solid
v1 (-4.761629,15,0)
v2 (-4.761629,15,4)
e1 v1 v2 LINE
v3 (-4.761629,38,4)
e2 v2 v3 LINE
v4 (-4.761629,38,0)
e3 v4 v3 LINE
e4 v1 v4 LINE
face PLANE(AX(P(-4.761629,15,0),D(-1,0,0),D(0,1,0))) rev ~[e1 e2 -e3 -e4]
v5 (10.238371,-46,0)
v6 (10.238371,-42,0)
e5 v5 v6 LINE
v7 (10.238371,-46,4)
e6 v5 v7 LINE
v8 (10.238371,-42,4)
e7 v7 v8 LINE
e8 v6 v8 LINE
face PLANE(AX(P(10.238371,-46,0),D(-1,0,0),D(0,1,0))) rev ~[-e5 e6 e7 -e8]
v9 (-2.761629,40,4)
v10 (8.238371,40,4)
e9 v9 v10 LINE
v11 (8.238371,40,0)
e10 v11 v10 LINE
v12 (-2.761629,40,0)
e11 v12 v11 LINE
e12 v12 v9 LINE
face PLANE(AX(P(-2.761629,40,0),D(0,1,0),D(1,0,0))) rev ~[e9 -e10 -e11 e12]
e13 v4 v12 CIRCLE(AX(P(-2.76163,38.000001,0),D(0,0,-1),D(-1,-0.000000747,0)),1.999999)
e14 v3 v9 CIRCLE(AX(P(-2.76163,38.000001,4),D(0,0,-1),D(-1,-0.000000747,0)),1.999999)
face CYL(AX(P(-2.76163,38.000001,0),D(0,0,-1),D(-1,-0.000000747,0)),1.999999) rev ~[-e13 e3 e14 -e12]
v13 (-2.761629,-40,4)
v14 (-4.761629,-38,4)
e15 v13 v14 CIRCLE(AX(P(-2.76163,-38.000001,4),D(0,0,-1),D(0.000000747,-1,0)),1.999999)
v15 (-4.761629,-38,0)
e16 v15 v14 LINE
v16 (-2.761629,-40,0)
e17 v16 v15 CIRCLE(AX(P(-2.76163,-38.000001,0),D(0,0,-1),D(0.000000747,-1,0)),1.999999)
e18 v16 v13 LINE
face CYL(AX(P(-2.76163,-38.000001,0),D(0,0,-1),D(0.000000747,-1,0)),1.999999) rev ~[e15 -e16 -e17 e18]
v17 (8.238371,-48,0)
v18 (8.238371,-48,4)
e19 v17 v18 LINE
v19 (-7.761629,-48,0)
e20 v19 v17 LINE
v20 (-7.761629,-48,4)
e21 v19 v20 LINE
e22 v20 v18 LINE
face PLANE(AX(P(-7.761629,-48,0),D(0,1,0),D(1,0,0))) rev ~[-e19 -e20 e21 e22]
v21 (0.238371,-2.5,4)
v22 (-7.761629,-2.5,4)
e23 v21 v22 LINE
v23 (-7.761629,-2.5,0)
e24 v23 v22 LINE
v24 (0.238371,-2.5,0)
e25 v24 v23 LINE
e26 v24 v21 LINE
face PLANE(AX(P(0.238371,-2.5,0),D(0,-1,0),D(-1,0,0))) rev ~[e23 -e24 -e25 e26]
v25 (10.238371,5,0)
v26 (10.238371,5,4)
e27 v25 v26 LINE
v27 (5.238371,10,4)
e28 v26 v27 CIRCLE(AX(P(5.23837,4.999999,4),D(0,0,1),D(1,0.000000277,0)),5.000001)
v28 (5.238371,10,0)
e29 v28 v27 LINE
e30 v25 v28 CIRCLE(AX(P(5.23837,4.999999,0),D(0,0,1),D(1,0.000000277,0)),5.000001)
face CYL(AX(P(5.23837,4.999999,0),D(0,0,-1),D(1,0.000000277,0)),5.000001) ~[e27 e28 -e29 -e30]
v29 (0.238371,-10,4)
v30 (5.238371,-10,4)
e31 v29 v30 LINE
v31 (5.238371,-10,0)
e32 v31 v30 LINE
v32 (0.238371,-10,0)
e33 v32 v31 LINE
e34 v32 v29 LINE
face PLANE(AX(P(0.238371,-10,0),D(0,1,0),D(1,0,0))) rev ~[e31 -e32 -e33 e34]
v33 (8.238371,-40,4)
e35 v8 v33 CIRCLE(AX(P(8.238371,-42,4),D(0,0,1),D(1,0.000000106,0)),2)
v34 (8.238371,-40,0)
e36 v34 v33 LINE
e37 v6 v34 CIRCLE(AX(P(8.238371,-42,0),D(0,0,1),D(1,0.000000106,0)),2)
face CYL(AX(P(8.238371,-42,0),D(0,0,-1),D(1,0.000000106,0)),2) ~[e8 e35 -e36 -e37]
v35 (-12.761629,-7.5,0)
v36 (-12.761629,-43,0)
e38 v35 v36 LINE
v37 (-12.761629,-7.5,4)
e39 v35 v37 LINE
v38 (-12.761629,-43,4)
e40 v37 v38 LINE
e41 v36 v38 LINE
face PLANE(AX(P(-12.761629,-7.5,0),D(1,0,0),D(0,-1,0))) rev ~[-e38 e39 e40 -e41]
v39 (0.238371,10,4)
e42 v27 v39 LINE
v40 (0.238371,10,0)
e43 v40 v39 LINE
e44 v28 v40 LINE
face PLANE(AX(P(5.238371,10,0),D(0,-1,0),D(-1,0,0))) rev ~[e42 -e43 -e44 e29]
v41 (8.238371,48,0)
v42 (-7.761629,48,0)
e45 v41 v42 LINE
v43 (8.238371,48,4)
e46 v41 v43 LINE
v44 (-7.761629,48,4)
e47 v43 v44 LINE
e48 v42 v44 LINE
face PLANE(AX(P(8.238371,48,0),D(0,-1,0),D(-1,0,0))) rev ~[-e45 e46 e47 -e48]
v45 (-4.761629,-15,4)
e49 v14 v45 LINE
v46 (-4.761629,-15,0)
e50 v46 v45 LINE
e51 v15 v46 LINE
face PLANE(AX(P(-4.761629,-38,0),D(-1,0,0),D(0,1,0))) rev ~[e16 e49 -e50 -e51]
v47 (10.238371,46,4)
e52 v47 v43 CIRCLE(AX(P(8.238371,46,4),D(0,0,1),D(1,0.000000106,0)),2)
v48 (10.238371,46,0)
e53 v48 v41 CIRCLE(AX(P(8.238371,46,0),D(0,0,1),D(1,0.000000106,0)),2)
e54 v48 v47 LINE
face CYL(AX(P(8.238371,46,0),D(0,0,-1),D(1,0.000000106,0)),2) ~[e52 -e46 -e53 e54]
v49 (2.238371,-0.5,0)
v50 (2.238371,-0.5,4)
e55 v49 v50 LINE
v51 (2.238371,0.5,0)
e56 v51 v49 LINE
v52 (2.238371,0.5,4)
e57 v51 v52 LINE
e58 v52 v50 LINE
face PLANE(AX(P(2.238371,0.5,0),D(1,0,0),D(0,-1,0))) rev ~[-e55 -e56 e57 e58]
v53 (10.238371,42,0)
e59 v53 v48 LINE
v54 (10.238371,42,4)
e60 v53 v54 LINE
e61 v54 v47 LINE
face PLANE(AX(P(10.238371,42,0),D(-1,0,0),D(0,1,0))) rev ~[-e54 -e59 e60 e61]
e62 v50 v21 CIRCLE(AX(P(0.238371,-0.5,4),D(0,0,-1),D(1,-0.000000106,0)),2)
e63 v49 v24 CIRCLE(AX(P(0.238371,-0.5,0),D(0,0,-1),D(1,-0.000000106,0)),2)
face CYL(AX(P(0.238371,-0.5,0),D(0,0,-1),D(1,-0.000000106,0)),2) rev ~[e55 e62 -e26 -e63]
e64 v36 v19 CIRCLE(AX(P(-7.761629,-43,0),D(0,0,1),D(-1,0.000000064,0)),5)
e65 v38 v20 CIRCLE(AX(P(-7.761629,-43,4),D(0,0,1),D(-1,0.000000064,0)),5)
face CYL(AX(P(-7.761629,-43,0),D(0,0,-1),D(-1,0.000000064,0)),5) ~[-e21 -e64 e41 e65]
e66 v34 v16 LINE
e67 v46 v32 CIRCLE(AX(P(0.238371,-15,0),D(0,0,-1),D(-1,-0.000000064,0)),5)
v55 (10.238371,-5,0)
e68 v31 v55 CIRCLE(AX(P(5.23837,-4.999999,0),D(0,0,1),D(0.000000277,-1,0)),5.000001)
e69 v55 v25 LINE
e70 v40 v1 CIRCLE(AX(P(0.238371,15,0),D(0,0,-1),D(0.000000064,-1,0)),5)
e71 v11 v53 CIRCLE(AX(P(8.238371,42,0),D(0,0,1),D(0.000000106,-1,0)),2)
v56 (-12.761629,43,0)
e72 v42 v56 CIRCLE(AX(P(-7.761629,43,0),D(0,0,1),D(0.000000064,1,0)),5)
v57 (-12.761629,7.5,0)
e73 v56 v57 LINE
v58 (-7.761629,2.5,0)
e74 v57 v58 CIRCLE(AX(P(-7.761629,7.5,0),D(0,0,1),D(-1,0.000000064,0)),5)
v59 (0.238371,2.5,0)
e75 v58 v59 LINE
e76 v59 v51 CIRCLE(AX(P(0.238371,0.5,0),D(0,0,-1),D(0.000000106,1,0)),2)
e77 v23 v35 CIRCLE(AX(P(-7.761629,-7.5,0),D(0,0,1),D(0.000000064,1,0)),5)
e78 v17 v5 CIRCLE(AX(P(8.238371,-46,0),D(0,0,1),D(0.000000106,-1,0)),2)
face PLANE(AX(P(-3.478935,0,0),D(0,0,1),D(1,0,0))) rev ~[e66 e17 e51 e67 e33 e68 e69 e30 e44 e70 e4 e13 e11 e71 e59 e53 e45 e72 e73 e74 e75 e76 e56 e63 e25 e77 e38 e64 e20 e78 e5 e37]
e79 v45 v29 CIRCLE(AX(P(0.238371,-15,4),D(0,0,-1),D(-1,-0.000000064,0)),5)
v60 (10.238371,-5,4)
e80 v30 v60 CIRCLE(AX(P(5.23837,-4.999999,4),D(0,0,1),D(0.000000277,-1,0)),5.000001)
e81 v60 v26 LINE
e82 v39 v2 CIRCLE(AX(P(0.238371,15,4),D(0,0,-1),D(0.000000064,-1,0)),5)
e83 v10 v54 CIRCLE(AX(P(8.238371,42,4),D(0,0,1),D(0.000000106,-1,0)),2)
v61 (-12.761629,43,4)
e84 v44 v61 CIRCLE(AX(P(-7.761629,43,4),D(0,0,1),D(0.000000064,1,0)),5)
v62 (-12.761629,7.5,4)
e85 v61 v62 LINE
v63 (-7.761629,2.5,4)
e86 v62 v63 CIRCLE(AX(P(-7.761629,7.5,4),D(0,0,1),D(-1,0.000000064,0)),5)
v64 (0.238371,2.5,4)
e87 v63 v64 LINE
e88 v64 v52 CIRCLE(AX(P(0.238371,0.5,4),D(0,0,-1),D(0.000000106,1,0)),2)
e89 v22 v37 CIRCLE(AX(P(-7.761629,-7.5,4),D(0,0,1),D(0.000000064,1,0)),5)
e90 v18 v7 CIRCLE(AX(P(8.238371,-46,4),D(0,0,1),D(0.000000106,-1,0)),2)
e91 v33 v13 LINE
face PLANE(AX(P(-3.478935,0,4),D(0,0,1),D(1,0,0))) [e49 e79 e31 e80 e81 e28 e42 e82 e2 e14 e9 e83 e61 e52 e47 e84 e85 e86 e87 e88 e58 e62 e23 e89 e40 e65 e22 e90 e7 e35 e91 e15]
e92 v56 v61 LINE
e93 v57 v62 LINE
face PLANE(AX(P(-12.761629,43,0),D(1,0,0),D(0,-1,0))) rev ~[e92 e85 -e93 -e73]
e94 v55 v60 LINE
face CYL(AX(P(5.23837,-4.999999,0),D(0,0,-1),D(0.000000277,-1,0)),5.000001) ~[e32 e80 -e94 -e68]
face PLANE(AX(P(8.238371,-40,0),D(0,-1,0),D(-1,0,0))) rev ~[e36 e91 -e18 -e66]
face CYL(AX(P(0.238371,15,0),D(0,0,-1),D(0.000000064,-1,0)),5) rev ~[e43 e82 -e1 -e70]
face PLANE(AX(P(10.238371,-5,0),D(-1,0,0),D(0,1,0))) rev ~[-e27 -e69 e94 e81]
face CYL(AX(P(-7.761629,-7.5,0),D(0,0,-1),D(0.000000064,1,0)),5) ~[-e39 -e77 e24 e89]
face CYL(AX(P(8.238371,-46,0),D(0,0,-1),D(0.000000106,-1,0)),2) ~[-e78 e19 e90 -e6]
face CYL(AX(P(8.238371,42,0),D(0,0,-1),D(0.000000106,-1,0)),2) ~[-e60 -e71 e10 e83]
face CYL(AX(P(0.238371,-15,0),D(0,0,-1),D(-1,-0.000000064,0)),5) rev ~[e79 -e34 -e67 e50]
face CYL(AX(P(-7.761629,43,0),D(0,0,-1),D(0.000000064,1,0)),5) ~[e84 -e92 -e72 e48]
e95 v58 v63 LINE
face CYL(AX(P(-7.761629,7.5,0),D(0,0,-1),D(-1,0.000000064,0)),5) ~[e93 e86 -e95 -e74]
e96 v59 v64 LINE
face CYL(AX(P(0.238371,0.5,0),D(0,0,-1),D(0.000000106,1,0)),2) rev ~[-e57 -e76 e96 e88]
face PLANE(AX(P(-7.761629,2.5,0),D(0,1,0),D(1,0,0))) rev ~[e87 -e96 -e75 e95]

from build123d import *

# Parameters (mm, degrees)
F1_DEPTH = 4


with BuildPart() as f1:
    # F0 (on Top) → F1 (new body)
    with BuildSketch(Plane.XY):
        with BuildLine():
            ThreePointArc((10.238371, 46), (9.652584, 47.414214), (8.238371, 48))
            Line((8.238371, 48), (-7.761629, 48))
            ThreePointArc((-7.761629, 48), (-11.297163, 46.535534), (-12.761629, 43))
            Line((-12.761629, 43), (-12.761629, 7.5))
            ThreePointArc((-12.761629, 7.5), (-11.297163, 3.964466), (-7.761629, 2.5))
            Line((-7.761629, 2.5), (0.238371, 2.5))
            ThreePointArc((0.238371, 2.5), (1.652584, 1.914214), (2.238371, 0.5))
            Line((2.238371, 0.5), (2.238371, -0.5))
            ThreePointArc((2.238371, -0.5), (1.652584, -1.914214), (0.238371, -2.5))
            Line((0.238371, -2.5), (-7.761629, -2.5))
            ThreePointArc((-7.761629, -2.5), (-11.297163, -3.964466), (-12.761629, -7.5))
            Line((-12.761629, -7.5), (-12.761629, -43))
            ThreePointArc((-12.761629, -43), (-11.297163, -46.535534), (-7.761629, -48))
            Line((-7.761629, -48), (8.238371, -48))
            ThreePointArc((8.238371, -48), (9.652584, -47.414214), (10.238371, -46))
            Line((10.238371, -46), (10.238371, -42))
            ThreePointArc((10.238371, -42), (9.652584, -40.585786), (8.238371, -40))
            Line((8.238371, -40), (-2.761629, -40))
            ThreePointArc((-2.761629, -40), (-4.175843, -39.414214), (-4.761629, -38))
            Line((-4.761629, -38), (-4.761629, -15))
            ThreePointArc((-4.761629, -15), (-3.297163, -11.464466), (0.238371, -10))
            Line((0.238371, -10), (5.238371, -10))
            ThreePointArc((5.238371, -10), (8.773904, -8.535534), (10.238371, -5))
            Line((10.238371, -5), (10.238371, 5))
            ThreePointArc((10.238371, 5), (8.773904, 8.535534), (5.238371, 10))
            Line((5.238371, 10), (0.238371, 10))
            ThreePointArc((0.238371, 10), (-3.297163, 11.464466), (-4.761629, 15))
            Line((-4.761629, 15), (-4.761629, 38))
            ThreePointArc((-4.761629, 38), (-4.175843, 39.414214), (-2.761629, 40))
            Line((-2.761629, 40), (8.238371, 40))
            ThreePointArc((8.238371, 40), (9.652584, 40.585786), (10.238371, 42))
            Line((10.238371, 42), (10.238371, 46))
        make_face()
    extrude(amount=F1_DEPTH)


solid = f1.part
